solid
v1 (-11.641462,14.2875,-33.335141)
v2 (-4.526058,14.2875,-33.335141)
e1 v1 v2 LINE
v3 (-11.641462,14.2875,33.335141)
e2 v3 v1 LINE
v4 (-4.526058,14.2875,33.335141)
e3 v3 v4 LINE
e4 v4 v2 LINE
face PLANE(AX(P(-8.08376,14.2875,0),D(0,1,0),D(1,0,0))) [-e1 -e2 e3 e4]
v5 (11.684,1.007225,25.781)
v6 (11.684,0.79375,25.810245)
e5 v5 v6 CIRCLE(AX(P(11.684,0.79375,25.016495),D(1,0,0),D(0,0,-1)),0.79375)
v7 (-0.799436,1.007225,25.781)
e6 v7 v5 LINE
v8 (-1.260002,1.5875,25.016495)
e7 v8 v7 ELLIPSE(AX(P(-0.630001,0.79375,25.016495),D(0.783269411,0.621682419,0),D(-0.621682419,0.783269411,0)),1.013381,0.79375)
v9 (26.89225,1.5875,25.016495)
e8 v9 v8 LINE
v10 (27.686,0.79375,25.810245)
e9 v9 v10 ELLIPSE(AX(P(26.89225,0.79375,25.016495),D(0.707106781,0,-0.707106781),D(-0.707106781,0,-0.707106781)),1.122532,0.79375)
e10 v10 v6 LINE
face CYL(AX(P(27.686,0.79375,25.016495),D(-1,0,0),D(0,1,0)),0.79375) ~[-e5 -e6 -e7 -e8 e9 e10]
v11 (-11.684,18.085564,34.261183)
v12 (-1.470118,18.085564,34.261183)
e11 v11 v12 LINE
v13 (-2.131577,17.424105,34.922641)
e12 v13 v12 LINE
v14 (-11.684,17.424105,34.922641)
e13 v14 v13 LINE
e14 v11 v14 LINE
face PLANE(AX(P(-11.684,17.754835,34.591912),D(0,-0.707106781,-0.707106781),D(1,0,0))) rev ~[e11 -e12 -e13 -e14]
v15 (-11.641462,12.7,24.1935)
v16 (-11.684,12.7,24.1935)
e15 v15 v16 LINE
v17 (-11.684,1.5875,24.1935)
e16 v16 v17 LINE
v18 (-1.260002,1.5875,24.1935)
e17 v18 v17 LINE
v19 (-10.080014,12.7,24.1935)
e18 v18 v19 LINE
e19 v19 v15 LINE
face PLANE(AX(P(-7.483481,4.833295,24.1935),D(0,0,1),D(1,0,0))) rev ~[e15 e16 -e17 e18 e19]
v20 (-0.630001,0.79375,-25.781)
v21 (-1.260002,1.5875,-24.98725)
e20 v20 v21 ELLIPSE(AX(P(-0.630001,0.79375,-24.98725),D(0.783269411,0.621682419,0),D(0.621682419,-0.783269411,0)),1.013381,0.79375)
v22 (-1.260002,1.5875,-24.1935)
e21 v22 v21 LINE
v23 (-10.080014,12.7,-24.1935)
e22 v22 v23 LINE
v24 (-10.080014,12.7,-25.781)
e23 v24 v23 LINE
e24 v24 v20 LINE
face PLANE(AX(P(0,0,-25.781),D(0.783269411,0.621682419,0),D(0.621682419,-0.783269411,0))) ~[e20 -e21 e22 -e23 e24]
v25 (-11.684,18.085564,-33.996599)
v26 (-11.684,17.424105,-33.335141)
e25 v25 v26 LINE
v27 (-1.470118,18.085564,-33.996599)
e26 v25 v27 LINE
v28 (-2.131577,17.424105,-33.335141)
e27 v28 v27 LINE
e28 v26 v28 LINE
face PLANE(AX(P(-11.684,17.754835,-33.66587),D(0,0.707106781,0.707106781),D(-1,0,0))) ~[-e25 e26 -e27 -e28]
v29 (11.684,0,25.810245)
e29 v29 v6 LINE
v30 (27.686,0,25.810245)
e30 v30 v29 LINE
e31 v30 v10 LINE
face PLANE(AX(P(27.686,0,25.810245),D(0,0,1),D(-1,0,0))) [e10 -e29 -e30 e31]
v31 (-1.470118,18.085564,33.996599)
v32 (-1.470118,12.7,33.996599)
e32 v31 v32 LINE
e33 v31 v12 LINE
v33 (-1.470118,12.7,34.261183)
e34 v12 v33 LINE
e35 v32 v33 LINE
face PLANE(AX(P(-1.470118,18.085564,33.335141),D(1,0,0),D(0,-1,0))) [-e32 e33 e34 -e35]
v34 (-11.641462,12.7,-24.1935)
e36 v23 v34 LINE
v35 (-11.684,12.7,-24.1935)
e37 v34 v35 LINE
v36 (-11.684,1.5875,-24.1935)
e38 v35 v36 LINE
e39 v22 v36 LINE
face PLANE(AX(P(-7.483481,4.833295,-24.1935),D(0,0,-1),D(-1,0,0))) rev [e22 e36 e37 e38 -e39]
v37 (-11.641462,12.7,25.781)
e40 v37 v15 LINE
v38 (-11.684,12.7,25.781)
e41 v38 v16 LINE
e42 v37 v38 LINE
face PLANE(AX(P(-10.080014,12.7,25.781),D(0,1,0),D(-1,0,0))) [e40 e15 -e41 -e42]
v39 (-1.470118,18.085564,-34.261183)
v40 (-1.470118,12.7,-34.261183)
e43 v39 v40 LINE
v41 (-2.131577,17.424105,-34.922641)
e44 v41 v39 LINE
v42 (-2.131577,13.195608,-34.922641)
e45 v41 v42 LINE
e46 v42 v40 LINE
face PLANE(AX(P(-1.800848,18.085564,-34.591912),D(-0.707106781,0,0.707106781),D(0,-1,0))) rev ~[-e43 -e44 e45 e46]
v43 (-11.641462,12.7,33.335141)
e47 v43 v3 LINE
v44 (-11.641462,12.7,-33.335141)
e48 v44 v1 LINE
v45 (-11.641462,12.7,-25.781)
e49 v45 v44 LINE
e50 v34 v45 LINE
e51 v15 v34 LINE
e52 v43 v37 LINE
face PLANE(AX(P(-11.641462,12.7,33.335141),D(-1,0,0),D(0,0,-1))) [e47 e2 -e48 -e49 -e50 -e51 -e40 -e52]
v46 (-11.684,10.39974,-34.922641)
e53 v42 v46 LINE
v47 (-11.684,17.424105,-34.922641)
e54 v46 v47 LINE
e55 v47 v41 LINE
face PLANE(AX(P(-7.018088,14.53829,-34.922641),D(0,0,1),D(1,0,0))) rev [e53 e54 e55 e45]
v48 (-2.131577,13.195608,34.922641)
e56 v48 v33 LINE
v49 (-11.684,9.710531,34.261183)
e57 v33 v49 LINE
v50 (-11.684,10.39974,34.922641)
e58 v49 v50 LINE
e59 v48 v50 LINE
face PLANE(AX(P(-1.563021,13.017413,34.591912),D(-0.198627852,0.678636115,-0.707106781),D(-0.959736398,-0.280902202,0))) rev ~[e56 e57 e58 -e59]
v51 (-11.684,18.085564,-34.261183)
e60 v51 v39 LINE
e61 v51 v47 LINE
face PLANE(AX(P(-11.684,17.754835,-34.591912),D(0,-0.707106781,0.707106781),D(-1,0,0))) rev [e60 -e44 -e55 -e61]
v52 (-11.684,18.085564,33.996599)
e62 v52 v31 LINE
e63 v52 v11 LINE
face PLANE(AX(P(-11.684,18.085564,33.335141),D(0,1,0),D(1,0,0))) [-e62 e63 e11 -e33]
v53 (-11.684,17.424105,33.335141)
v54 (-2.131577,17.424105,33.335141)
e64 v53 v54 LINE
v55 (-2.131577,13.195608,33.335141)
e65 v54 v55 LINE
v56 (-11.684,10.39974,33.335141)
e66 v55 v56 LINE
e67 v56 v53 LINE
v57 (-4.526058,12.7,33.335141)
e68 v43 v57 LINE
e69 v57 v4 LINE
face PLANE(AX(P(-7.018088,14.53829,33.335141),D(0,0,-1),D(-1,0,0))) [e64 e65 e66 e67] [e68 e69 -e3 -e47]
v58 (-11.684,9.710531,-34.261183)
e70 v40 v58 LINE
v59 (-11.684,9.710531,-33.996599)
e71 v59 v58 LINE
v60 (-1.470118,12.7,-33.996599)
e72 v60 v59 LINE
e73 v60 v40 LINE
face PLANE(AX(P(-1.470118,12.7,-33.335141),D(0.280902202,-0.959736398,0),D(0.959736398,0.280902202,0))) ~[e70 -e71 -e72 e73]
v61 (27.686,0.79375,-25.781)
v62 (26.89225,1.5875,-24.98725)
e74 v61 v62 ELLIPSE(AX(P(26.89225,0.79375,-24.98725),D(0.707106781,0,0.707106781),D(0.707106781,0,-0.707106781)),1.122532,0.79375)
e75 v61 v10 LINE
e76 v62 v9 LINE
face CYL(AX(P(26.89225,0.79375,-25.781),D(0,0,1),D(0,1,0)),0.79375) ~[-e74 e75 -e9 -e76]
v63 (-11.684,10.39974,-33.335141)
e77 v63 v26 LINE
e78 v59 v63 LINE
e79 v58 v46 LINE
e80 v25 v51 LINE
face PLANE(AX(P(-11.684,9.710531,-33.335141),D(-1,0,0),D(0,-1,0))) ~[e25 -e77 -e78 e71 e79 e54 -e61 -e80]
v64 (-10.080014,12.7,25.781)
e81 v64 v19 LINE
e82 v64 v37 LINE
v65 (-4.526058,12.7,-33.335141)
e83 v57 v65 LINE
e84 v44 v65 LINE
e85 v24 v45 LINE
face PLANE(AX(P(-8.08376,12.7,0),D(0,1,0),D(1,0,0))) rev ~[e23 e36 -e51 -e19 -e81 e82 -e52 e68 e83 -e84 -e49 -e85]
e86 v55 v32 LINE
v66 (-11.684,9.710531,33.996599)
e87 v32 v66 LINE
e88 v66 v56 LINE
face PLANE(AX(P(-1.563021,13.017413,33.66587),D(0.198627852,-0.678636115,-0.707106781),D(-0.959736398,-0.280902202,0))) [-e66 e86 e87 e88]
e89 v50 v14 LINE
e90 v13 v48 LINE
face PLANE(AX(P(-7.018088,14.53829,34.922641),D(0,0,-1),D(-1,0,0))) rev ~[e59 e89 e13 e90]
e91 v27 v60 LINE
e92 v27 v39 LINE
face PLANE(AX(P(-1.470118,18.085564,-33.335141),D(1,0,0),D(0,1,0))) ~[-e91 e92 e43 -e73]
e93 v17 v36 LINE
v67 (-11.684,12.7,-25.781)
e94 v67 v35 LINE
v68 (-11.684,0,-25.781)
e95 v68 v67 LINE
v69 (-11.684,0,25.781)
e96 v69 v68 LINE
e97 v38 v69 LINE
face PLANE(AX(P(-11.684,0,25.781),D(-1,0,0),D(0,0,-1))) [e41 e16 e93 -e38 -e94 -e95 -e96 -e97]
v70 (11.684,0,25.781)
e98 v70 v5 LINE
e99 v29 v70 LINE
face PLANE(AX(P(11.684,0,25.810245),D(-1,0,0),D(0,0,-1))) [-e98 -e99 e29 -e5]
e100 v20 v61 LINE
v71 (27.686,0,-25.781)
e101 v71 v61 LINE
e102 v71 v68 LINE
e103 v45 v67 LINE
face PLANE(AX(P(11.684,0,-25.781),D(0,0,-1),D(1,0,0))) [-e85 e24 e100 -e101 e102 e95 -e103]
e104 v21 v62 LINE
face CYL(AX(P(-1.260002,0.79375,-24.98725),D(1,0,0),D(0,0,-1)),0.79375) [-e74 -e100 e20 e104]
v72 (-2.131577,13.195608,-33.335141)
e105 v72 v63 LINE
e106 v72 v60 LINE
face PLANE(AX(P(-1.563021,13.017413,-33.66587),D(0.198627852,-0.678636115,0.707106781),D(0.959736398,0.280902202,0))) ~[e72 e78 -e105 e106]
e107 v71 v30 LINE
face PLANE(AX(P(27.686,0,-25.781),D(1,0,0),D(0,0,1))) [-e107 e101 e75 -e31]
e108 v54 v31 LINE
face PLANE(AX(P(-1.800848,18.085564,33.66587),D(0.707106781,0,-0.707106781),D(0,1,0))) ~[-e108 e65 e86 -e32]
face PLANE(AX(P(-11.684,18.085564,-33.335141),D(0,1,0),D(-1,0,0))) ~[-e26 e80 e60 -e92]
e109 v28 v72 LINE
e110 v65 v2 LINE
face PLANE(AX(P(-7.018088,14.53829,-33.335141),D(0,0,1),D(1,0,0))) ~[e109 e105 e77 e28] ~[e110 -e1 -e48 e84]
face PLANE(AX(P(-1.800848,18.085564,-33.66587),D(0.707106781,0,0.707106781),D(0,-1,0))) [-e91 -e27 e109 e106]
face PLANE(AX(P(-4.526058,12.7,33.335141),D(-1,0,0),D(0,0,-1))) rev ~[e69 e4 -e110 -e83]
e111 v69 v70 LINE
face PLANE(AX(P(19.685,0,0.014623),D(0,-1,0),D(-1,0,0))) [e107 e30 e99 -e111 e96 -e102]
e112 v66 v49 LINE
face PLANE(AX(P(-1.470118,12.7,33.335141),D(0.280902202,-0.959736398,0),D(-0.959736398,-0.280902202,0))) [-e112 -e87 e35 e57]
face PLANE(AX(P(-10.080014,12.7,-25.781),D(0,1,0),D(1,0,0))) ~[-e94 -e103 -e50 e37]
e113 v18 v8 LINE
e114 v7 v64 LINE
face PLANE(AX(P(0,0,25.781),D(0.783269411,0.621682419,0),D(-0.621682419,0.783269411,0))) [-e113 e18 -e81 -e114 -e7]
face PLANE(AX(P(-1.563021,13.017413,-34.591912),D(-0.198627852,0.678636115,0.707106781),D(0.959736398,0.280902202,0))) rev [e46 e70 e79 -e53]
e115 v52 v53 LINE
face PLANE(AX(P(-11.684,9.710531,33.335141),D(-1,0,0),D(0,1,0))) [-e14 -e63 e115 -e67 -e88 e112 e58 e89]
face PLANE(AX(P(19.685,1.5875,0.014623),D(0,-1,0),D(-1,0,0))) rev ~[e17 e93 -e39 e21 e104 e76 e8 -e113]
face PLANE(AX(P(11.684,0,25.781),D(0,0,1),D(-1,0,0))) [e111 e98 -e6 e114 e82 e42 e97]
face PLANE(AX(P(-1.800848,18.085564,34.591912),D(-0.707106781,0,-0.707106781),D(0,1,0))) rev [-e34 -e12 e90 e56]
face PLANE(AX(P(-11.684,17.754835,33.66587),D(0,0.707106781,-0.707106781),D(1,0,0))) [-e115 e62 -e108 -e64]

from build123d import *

# Parameters (mm, degrees)
BOSS_EXTRUDE1_DEPTH = 1.5875
BOSS_EXTRUDE3_DEPTH = 1.5875
SKETCH9_W           = 7.115403393296309
SKETCH9_H           = 66.67028171012657
BOSS_EXTRUDE4_DEPTH = 1.5875
BOSS_EXTRUDE5_DEPTH = 1.5875
CHAMFER1_SIZE       = 0.6614583333333334
CHAMFER2_SIZE       = 0.6614583333333334
BOSS_EXTRUDE6_DEPTH = 1.5875
FILLET5_R           = 0.79375


with BuildPart() as part:
    # 3DSketch3 → Boss-Extrude1 (new body)
    with BuildSketch(Plane(origin=(11.684, 0, 25.781), x_dir=(-0.41278854058734626, 0, -0.910826888469905), z_dir=(0, 1, 0))):
        Polygon((0, 0), (9.646042616445111, 21.284202729764747), (56.61009863973035, 0), (46.96405602328524, -21.284202729764747), align=None)
    extrude(amount=BOSS_EXTRUDE1_DEPTH)

    # Sketch1 → Boss-Extrude3 (add)
    with BuildSketch(Plane.XY.offset(25.781)):
        Polygon((-3.47e-15, 0), (-10.08001412814663, 12.7), (-11.684000000000005, 12.7), (-11.684000000000005, 0), align=None)
    boss_extrude3 = extrude(amount=-BOSS_EXTRUDE3_DEPTH)

    # Mirror2: Boss-Extrude3 across plane
    add(boss_extrude3.mirror(Plane.XY))

    # Sketch9 → Boss-Extrude4 (add)
    with BuildSketch(Plane(origin=(0, 12.7, 0), x_dir=(1, 0, 0), z_dir=(0, 1, 0))):
        with Locations((-8.083759928300761, 0)):
            Rectangle(SKETCH9_W, SKETCH9_H)
    extrude(amount=BOSS_EXTRUDE4_DEPTH)

    # Sketch10 → Boss-Extrude5 (add)
    with BuildSketch(Plane.XY.offset(33.33514085506329)):
        Polygon((-11.684000000000005, 9.710531383967755), (-11.684000000000005, 18.08556377199017), (-1.4701183607090107, 18.08556377199017), (-1.4701183607090107, 12.7), align=None)
    boss_extrude5 = extrude(amount=BOSS_EXTRUDE5_DEPTH)

    # Chamfer1
    chamfer1_edges = [part.edges().sort_by_distance(p)[0] for p in [
        (-1.4701183607090107, 15.392781885995085, 33.33514085506329),
        (-6.5770591803545075, 11.205265691983877, 33.33514085506329),
        (-6.5770591803545075, 18.08556377199017, 33.33514085506329),
        (-1.4701183607090107, 15.392781885995085, 34.922640855063285),
        (-6.5770591803545075, 18.08556377199017, 34.922640855063285),
        (-6.5770591803545075, 11.205265691983877, 34.922640855063285),
    ]]
    chamfer(chamfer1_edges, length=CHAMFER1_SIZE)

    # Mirror4: Boss-Extrude5 across plane
    add(boss_extrude5.mirror(Plane.XY))

    # Chamfer2
    chamfer2_edges = [part.edges().sort_by_distance(p)[0] for p in [
        (-1.4701183607090107, 15.392781885995085, -33.33514085506329),
        (-6.5770591803545075, 11.205265691983877, -33.33514085506329),
        (-6.5770591803545075, 18.08556377199017, -33.33514085506329),
        (-1.4701183607090107, 15.392781885995085, -34.922640855063285),
        (-6.5770591803545075, 11.205265691983877, -34.922640855063285),
        (-6.5770591803545075, 18.08556377199017, -34.922640855063285),
    ]]
    chamfer(chamfer2_edges, length=CHAMFER2_SIZE)

    # Sketch12 → Boss-Extrude6 (add)
    with BuildSketch(Plane(origin=(0, 0, 0), x_dir=(1, 0, 0), z_dir=(0, 1, 0))):
        Polygon((11.684, 25.781), (27.685999999999996, 25.781), (27.686000000000003, -25.810245145350073), (11.684, -25.810245145350073), align=None)
    extrude(amount=BOSS_EXTRUDE6_DEPTH)

    # Fillet5
    fillet5_edges = [part.edges().sort_by_distance(p)[0] for p in [
        (19.685000000000002, 1.5875, 25.810245145350073),
        (13.212999116990831, 1.5875, -25.781),
        (27.686, 1.5875, 0.0146225726750373),
    ]]
    fillet(fillet5_edges, radius=FILLET5_R)


solid = part.part
